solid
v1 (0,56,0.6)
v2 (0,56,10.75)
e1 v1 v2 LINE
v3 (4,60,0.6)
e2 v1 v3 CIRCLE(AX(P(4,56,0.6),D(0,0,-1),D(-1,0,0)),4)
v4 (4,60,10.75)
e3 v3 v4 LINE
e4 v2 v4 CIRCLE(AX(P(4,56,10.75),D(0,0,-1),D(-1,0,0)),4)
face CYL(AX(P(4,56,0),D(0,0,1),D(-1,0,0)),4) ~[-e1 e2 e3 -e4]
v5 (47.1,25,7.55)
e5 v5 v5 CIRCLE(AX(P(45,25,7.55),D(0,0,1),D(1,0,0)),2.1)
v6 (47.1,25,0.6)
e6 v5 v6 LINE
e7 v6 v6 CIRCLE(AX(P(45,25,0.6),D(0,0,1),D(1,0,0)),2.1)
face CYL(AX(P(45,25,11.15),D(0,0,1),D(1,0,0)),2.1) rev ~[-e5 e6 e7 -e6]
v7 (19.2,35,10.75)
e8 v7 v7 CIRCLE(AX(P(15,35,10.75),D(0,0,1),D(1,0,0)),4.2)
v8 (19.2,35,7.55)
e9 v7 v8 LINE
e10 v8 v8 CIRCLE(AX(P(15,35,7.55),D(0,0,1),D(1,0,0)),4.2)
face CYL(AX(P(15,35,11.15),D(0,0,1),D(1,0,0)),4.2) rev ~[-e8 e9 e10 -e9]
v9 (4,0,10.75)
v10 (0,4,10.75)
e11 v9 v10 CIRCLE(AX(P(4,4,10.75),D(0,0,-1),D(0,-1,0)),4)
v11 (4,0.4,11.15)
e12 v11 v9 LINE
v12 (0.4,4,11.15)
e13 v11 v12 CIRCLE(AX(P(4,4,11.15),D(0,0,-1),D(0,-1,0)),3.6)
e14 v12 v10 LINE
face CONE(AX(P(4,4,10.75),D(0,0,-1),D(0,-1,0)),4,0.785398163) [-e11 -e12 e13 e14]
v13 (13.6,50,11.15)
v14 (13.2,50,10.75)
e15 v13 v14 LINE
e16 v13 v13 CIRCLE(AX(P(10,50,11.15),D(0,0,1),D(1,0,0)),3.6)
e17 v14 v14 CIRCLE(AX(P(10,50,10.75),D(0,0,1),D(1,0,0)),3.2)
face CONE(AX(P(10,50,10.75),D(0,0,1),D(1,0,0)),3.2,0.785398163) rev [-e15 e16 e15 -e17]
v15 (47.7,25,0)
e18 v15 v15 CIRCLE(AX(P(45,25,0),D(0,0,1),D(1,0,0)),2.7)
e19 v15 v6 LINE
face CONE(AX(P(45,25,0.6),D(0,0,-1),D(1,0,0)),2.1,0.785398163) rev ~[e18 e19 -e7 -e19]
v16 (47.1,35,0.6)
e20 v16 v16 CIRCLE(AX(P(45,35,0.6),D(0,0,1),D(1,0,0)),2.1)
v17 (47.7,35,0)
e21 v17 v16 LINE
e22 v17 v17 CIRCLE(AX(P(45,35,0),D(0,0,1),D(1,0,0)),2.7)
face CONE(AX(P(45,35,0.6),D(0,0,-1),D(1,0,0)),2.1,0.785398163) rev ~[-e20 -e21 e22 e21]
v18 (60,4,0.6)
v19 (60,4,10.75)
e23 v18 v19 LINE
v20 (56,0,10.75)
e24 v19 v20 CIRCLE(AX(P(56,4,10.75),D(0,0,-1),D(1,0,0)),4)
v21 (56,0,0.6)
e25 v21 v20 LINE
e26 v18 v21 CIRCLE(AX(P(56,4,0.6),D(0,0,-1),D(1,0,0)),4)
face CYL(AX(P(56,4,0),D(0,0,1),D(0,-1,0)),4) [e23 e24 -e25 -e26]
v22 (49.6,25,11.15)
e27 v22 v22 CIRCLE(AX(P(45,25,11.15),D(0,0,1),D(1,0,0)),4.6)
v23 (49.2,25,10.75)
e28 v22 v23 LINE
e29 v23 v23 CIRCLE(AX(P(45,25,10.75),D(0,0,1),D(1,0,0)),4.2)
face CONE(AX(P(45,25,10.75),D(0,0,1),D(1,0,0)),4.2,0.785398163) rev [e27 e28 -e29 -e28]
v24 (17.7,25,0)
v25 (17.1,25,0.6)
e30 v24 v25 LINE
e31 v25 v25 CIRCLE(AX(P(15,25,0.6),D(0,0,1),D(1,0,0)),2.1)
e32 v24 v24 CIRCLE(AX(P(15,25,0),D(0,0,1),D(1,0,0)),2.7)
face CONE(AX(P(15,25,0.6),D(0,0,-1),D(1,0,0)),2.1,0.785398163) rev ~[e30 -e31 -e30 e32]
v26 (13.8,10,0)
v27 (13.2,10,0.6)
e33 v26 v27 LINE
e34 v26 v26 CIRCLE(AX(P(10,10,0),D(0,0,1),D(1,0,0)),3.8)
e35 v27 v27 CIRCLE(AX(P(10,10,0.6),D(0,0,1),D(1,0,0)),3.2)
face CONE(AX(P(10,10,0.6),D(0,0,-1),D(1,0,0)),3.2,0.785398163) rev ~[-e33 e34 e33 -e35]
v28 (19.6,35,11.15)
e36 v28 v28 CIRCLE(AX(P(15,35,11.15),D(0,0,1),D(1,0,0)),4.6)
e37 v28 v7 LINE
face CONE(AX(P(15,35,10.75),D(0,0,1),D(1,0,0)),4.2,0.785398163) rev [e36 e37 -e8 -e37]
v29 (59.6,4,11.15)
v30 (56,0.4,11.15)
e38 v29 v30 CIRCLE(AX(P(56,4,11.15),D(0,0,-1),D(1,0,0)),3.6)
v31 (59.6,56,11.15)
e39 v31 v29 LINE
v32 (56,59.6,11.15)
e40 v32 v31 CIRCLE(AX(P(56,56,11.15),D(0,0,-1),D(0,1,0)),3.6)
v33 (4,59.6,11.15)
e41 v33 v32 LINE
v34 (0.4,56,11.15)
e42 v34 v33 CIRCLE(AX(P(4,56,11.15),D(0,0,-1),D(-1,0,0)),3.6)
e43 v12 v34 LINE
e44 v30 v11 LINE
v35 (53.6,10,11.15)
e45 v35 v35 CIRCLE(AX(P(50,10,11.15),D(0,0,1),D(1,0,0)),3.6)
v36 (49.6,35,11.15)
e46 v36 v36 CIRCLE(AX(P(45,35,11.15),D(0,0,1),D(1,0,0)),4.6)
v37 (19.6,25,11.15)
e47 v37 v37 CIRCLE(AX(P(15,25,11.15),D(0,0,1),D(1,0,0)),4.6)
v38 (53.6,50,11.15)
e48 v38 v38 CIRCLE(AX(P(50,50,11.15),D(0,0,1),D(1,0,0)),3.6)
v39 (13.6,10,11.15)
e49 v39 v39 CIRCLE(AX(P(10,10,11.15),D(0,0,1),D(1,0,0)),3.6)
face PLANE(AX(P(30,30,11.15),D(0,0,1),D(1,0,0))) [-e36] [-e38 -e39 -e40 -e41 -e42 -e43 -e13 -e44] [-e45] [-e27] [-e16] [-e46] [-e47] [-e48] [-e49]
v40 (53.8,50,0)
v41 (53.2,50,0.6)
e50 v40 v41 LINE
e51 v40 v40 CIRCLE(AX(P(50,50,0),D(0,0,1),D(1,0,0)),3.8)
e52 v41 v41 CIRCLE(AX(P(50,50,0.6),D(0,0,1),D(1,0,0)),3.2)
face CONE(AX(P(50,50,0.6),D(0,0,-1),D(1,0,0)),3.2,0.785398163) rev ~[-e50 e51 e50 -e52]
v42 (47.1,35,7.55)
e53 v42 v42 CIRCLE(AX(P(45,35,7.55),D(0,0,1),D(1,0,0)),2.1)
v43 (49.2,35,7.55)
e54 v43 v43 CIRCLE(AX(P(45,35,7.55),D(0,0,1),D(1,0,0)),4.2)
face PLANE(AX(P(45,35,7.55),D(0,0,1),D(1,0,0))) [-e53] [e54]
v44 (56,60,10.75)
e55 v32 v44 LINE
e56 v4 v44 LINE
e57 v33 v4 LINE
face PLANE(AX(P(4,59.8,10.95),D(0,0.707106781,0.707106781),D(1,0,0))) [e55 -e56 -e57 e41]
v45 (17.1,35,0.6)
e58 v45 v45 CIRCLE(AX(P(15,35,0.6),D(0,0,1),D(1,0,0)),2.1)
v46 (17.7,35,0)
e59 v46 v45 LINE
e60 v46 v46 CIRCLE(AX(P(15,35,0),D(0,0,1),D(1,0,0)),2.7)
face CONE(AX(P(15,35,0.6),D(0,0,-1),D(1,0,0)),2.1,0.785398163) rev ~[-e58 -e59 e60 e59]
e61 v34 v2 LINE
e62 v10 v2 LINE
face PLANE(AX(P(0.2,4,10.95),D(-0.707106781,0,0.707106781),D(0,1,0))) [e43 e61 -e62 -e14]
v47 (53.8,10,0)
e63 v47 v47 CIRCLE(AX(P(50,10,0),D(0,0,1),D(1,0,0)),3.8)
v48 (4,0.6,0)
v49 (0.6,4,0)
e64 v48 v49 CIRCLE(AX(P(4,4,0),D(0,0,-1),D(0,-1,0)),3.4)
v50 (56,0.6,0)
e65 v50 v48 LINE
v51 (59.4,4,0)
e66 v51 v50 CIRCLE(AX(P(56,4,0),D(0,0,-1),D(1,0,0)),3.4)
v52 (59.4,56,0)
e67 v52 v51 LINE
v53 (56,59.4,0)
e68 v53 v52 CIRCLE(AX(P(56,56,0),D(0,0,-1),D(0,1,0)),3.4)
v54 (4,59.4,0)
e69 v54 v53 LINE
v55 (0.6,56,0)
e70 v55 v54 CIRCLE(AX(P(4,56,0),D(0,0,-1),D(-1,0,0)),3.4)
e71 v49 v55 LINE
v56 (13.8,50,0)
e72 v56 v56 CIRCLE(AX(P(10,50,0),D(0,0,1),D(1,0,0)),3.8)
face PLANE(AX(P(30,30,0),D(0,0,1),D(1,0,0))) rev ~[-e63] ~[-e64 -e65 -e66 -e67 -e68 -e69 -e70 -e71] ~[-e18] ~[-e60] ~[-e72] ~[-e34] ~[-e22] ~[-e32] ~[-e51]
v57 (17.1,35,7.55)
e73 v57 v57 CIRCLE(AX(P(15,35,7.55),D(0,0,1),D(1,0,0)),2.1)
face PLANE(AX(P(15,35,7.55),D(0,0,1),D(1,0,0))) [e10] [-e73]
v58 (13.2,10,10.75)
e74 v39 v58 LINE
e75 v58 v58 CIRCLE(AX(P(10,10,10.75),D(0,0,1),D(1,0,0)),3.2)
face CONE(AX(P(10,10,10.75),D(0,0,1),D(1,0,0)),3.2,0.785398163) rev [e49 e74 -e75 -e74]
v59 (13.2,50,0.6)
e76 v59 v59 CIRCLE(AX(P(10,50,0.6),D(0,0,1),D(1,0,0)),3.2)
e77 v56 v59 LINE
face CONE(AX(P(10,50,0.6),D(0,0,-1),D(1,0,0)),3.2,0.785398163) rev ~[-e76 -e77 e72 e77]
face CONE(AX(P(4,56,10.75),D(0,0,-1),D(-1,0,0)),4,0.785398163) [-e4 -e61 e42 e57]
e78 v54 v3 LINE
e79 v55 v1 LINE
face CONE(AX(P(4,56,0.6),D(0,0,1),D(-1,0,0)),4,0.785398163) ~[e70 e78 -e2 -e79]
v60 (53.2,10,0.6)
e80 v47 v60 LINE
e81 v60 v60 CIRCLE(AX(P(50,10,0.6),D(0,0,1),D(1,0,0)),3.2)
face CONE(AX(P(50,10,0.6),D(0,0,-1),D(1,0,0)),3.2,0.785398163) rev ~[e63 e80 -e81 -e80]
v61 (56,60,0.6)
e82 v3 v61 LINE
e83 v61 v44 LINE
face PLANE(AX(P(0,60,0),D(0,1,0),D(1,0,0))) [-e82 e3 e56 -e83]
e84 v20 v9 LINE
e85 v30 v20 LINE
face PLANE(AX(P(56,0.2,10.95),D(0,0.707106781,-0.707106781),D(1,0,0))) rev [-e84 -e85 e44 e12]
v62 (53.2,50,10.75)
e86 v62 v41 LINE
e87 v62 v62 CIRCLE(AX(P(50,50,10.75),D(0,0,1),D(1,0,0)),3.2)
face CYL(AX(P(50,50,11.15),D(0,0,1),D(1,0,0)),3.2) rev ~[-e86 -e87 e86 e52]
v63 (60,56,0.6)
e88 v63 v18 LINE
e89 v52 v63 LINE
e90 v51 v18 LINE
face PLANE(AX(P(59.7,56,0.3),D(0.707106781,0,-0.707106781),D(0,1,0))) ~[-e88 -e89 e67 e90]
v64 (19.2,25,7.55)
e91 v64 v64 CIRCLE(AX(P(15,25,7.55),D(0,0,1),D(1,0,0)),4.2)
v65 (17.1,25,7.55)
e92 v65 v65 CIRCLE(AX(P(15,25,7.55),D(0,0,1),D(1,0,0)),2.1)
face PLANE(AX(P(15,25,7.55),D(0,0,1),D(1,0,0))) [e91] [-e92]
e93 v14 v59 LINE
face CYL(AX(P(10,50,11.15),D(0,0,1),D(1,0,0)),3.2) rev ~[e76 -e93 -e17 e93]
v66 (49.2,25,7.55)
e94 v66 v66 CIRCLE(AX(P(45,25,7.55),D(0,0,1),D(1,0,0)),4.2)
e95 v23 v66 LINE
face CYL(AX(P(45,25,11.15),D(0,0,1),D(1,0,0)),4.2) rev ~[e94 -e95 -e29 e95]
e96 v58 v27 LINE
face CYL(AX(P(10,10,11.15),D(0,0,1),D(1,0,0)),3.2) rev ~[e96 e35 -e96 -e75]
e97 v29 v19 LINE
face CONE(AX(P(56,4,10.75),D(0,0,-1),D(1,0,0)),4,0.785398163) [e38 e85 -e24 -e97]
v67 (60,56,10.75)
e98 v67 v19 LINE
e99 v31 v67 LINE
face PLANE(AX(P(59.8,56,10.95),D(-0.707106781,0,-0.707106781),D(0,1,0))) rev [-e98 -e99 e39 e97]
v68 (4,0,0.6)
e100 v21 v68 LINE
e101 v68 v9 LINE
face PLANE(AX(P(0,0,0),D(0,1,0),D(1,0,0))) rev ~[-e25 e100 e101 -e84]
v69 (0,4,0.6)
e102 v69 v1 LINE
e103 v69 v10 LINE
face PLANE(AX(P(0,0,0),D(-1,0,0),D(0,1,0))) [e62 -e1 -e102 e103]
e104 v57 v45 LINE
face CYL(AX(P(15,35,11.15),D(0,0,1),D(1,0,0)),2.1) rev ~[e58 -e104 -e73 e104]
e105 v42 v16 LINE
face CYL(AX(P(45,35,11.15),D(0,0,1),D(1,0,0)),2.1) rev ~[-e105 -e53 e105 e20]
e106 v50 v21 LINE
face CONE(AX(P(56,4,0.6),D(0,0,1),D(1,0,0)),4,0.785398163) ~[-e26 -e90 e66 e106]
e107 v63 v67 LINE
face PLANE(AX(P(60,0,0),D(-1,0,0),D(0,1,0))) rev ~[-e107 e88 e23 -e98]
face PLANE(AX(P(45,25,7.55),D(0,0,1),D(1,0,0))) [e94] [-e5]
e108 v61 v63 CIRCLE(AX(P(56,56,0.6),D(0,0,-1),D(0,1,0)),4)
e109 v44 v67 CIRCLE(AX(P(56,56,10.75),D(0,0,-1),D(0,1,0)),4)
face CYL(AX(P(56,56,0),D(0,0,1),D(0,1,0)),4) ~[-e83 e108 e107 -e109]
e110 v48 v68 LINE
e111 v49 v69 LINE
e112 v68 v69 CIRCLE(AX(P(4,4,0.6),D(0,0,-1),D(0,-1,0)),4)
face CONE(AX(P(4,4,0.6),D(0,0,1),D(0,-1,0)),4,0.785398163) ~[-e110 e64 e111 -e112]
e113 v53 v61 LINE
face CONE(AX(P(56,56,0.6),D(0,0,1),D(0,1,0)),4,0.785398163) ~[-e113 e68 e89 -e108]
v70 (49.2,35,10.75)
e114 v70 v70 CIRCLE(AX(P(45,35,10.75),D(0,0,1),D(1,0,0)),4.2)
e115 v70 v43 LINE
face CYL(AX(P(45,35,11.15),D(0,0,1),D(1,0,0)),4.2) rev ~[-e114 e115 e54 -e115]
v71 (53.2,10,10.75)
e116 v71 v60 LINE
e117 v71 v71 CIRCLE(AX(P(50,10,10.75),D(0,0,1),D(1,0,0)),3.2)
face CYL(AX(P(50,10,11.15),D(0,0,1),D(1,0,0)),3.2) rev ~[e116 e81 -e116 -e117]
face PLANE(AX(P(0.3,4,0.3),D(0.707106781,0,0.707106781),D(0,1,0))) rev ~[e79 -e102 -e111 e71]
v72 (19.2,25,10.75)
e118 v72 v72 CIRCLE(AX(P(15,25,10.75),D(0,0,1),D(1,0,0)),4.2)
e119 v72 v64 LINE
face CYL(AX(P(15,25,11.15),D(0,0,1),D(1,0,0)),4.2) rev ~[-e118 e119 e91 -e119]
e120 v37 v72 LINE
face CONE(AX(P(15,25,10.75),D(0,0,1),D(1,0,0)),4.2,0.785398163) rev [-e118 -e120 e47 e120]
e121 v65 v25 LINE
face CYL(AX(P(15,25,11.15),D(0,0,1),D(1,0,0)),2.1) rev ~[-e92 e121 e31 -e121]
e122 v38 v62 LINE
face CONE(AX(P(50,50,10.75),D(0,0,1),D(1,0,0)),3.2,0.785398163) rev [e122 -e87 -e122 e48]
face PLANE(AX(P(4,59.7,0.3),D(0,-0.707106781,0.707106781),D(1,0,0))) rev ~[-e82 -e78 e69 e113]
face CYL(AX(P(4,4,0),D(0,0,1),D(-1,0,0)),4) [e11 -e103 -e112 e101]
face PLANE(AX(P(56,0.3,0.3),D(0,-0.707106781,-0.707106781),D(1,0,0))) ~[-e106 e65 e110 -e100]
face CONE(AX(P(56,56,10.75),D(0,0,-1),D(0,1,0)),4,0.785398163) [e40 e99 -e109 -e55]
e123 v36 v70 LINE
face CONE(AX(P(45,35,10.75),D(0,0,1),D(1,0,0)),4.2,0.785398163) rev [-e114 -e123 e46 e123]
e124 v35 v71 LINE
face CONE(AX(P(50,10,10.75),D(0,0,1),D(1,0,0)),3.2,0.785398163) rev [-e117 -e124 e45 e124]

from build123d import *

# Parameters (mm, degrees)
SKETCH_W        = 60
SKETCH_H        = 60
PAD_DEPTH       = 11.15
SKETCH001_R     = 2.1
SKETCH001_R_2   = 3.2
POCKET_DEPTH    = 12
SKETCH002_R     = 4.2
POCKET001_DEPTH = 3.6
FILLET_R        = 4
CHAMFER_SIZE    = 0.4
CHAMFER001_SIZE = 0.6


with BuildPart() as part:
    # Sketch → Pad (new body)
    with BuildSketch(Plane.XY):
        with Locations((30, 30)):
            Rectangle(SKETCH_W, SKETCH_H)
    extrude(amount=PAD_DEPTH)

    # Sketch001 (on Face6 of Pad) → Pocket (cut)
    with BuildSketch(Plane.XY.offset(11.15)):
        with Locations((15, 35)):
            Circle(SKETCH001_R)
        with Locations((45, 35)):
            Circle(SKETCH001_R)
        with Locations((15, 25)):
            Circle(SKETCH001_R)
        with Locations((45, 25)):
            Circle(SKETCH001_R)
        with Locations((10, 50)):
            Circle(SKETCH001_R_2)
        with Locations((50, 50)):
            Circle(SKETCH001_R_2)
        with Locations((10, 10)):
            Circle(SKETCH001_R_2)
        with Locations((50, 10)):
            Circle(SKETCH001_R_2)
    extrude(amount=-POCKET_DEPTH, mode=Mode.SUBTRACT)

    # Sketch002 (on Face5 of Pocket) → Pocket001 (cut)
    with BuildSketch(Plane.XY.offset(11.15)):
        with Locations((15, 35)):
            Circle(SKETCH002_R)
        with Locations((45, 35)):
            Circle(SKETCH002_R)
        with Locations((45, 25)):
            Circle(SKETCH002_R)
        with Locations((15, 25)):
            Circle(SKETCH002_R)
    extrude(amount=-POCKET001_DEPTH, mode=Mode.SUBTRACT)

    # Fillet
    fillet_edges = [part.edges().sort_by_distance(p)[0] for p in [
        (0, 0, 5.575),
        (0, 60, 5.575),
        (60, 60, 5.575),
        (60, 0, 5.575),
    ]]
    fillet(fillet_edges, radius=FILLET_R)

    # Chamfer
    chamfer_edges = [part.edges().sort_by_distance(p)[0] for p in [
        (30, 60, 11.15),
        (1.171573, 58.828427, 11.15),
        (58.828427, 58.828427, 11.15),
        (0, 30, 11.15),
        (60, 30, 11.15),
        (1.171573, 1.171573, 11.15),
        (58.828427, 1.171573, 11.15),
        (30, 0, 11.15),
        (40.8, 35, 11.15),
        (46.8, 50, 11.15),
        (6.8, 50, 11.15),
        (10.8, 35, 11.15),
        (10.8, 25, 11.15),
        (40.8, 25, 11.15),
        (46.8, 10, 11.15),
        (6.8, 10, 11.15),
    ]]
    chamfer(chamfer_edges, length=CHAMFER_SIZE)

    # Chamfer001
    chamfer001_edges = [part.edges().sort_by_distance(p)[0] for p in [
        (30, 60, 0),
        (1.171573, 58.828427, 0),
        (58.828427, 58.828427, 0),
        (0, 30, 0),
        (60, 30, 0),
        (1.171573, 1.171573, 0),
        (58.828427, 1.171573, 0),
        (30, 0, 0),
        (42.9, 25, 0),
        (42.9, 35, 0),
        (46.8, 50, 0),
        (6.8, 50, 0),
        (12.9, 25, 0),
        (12.9, 35, 0),
        (46.8, 10, 0),
        (6.8, 10, 0),
    ]]
    chamfer(chamfer001_edges, length=CHAMFER001_SIZE)


solid = part.part
